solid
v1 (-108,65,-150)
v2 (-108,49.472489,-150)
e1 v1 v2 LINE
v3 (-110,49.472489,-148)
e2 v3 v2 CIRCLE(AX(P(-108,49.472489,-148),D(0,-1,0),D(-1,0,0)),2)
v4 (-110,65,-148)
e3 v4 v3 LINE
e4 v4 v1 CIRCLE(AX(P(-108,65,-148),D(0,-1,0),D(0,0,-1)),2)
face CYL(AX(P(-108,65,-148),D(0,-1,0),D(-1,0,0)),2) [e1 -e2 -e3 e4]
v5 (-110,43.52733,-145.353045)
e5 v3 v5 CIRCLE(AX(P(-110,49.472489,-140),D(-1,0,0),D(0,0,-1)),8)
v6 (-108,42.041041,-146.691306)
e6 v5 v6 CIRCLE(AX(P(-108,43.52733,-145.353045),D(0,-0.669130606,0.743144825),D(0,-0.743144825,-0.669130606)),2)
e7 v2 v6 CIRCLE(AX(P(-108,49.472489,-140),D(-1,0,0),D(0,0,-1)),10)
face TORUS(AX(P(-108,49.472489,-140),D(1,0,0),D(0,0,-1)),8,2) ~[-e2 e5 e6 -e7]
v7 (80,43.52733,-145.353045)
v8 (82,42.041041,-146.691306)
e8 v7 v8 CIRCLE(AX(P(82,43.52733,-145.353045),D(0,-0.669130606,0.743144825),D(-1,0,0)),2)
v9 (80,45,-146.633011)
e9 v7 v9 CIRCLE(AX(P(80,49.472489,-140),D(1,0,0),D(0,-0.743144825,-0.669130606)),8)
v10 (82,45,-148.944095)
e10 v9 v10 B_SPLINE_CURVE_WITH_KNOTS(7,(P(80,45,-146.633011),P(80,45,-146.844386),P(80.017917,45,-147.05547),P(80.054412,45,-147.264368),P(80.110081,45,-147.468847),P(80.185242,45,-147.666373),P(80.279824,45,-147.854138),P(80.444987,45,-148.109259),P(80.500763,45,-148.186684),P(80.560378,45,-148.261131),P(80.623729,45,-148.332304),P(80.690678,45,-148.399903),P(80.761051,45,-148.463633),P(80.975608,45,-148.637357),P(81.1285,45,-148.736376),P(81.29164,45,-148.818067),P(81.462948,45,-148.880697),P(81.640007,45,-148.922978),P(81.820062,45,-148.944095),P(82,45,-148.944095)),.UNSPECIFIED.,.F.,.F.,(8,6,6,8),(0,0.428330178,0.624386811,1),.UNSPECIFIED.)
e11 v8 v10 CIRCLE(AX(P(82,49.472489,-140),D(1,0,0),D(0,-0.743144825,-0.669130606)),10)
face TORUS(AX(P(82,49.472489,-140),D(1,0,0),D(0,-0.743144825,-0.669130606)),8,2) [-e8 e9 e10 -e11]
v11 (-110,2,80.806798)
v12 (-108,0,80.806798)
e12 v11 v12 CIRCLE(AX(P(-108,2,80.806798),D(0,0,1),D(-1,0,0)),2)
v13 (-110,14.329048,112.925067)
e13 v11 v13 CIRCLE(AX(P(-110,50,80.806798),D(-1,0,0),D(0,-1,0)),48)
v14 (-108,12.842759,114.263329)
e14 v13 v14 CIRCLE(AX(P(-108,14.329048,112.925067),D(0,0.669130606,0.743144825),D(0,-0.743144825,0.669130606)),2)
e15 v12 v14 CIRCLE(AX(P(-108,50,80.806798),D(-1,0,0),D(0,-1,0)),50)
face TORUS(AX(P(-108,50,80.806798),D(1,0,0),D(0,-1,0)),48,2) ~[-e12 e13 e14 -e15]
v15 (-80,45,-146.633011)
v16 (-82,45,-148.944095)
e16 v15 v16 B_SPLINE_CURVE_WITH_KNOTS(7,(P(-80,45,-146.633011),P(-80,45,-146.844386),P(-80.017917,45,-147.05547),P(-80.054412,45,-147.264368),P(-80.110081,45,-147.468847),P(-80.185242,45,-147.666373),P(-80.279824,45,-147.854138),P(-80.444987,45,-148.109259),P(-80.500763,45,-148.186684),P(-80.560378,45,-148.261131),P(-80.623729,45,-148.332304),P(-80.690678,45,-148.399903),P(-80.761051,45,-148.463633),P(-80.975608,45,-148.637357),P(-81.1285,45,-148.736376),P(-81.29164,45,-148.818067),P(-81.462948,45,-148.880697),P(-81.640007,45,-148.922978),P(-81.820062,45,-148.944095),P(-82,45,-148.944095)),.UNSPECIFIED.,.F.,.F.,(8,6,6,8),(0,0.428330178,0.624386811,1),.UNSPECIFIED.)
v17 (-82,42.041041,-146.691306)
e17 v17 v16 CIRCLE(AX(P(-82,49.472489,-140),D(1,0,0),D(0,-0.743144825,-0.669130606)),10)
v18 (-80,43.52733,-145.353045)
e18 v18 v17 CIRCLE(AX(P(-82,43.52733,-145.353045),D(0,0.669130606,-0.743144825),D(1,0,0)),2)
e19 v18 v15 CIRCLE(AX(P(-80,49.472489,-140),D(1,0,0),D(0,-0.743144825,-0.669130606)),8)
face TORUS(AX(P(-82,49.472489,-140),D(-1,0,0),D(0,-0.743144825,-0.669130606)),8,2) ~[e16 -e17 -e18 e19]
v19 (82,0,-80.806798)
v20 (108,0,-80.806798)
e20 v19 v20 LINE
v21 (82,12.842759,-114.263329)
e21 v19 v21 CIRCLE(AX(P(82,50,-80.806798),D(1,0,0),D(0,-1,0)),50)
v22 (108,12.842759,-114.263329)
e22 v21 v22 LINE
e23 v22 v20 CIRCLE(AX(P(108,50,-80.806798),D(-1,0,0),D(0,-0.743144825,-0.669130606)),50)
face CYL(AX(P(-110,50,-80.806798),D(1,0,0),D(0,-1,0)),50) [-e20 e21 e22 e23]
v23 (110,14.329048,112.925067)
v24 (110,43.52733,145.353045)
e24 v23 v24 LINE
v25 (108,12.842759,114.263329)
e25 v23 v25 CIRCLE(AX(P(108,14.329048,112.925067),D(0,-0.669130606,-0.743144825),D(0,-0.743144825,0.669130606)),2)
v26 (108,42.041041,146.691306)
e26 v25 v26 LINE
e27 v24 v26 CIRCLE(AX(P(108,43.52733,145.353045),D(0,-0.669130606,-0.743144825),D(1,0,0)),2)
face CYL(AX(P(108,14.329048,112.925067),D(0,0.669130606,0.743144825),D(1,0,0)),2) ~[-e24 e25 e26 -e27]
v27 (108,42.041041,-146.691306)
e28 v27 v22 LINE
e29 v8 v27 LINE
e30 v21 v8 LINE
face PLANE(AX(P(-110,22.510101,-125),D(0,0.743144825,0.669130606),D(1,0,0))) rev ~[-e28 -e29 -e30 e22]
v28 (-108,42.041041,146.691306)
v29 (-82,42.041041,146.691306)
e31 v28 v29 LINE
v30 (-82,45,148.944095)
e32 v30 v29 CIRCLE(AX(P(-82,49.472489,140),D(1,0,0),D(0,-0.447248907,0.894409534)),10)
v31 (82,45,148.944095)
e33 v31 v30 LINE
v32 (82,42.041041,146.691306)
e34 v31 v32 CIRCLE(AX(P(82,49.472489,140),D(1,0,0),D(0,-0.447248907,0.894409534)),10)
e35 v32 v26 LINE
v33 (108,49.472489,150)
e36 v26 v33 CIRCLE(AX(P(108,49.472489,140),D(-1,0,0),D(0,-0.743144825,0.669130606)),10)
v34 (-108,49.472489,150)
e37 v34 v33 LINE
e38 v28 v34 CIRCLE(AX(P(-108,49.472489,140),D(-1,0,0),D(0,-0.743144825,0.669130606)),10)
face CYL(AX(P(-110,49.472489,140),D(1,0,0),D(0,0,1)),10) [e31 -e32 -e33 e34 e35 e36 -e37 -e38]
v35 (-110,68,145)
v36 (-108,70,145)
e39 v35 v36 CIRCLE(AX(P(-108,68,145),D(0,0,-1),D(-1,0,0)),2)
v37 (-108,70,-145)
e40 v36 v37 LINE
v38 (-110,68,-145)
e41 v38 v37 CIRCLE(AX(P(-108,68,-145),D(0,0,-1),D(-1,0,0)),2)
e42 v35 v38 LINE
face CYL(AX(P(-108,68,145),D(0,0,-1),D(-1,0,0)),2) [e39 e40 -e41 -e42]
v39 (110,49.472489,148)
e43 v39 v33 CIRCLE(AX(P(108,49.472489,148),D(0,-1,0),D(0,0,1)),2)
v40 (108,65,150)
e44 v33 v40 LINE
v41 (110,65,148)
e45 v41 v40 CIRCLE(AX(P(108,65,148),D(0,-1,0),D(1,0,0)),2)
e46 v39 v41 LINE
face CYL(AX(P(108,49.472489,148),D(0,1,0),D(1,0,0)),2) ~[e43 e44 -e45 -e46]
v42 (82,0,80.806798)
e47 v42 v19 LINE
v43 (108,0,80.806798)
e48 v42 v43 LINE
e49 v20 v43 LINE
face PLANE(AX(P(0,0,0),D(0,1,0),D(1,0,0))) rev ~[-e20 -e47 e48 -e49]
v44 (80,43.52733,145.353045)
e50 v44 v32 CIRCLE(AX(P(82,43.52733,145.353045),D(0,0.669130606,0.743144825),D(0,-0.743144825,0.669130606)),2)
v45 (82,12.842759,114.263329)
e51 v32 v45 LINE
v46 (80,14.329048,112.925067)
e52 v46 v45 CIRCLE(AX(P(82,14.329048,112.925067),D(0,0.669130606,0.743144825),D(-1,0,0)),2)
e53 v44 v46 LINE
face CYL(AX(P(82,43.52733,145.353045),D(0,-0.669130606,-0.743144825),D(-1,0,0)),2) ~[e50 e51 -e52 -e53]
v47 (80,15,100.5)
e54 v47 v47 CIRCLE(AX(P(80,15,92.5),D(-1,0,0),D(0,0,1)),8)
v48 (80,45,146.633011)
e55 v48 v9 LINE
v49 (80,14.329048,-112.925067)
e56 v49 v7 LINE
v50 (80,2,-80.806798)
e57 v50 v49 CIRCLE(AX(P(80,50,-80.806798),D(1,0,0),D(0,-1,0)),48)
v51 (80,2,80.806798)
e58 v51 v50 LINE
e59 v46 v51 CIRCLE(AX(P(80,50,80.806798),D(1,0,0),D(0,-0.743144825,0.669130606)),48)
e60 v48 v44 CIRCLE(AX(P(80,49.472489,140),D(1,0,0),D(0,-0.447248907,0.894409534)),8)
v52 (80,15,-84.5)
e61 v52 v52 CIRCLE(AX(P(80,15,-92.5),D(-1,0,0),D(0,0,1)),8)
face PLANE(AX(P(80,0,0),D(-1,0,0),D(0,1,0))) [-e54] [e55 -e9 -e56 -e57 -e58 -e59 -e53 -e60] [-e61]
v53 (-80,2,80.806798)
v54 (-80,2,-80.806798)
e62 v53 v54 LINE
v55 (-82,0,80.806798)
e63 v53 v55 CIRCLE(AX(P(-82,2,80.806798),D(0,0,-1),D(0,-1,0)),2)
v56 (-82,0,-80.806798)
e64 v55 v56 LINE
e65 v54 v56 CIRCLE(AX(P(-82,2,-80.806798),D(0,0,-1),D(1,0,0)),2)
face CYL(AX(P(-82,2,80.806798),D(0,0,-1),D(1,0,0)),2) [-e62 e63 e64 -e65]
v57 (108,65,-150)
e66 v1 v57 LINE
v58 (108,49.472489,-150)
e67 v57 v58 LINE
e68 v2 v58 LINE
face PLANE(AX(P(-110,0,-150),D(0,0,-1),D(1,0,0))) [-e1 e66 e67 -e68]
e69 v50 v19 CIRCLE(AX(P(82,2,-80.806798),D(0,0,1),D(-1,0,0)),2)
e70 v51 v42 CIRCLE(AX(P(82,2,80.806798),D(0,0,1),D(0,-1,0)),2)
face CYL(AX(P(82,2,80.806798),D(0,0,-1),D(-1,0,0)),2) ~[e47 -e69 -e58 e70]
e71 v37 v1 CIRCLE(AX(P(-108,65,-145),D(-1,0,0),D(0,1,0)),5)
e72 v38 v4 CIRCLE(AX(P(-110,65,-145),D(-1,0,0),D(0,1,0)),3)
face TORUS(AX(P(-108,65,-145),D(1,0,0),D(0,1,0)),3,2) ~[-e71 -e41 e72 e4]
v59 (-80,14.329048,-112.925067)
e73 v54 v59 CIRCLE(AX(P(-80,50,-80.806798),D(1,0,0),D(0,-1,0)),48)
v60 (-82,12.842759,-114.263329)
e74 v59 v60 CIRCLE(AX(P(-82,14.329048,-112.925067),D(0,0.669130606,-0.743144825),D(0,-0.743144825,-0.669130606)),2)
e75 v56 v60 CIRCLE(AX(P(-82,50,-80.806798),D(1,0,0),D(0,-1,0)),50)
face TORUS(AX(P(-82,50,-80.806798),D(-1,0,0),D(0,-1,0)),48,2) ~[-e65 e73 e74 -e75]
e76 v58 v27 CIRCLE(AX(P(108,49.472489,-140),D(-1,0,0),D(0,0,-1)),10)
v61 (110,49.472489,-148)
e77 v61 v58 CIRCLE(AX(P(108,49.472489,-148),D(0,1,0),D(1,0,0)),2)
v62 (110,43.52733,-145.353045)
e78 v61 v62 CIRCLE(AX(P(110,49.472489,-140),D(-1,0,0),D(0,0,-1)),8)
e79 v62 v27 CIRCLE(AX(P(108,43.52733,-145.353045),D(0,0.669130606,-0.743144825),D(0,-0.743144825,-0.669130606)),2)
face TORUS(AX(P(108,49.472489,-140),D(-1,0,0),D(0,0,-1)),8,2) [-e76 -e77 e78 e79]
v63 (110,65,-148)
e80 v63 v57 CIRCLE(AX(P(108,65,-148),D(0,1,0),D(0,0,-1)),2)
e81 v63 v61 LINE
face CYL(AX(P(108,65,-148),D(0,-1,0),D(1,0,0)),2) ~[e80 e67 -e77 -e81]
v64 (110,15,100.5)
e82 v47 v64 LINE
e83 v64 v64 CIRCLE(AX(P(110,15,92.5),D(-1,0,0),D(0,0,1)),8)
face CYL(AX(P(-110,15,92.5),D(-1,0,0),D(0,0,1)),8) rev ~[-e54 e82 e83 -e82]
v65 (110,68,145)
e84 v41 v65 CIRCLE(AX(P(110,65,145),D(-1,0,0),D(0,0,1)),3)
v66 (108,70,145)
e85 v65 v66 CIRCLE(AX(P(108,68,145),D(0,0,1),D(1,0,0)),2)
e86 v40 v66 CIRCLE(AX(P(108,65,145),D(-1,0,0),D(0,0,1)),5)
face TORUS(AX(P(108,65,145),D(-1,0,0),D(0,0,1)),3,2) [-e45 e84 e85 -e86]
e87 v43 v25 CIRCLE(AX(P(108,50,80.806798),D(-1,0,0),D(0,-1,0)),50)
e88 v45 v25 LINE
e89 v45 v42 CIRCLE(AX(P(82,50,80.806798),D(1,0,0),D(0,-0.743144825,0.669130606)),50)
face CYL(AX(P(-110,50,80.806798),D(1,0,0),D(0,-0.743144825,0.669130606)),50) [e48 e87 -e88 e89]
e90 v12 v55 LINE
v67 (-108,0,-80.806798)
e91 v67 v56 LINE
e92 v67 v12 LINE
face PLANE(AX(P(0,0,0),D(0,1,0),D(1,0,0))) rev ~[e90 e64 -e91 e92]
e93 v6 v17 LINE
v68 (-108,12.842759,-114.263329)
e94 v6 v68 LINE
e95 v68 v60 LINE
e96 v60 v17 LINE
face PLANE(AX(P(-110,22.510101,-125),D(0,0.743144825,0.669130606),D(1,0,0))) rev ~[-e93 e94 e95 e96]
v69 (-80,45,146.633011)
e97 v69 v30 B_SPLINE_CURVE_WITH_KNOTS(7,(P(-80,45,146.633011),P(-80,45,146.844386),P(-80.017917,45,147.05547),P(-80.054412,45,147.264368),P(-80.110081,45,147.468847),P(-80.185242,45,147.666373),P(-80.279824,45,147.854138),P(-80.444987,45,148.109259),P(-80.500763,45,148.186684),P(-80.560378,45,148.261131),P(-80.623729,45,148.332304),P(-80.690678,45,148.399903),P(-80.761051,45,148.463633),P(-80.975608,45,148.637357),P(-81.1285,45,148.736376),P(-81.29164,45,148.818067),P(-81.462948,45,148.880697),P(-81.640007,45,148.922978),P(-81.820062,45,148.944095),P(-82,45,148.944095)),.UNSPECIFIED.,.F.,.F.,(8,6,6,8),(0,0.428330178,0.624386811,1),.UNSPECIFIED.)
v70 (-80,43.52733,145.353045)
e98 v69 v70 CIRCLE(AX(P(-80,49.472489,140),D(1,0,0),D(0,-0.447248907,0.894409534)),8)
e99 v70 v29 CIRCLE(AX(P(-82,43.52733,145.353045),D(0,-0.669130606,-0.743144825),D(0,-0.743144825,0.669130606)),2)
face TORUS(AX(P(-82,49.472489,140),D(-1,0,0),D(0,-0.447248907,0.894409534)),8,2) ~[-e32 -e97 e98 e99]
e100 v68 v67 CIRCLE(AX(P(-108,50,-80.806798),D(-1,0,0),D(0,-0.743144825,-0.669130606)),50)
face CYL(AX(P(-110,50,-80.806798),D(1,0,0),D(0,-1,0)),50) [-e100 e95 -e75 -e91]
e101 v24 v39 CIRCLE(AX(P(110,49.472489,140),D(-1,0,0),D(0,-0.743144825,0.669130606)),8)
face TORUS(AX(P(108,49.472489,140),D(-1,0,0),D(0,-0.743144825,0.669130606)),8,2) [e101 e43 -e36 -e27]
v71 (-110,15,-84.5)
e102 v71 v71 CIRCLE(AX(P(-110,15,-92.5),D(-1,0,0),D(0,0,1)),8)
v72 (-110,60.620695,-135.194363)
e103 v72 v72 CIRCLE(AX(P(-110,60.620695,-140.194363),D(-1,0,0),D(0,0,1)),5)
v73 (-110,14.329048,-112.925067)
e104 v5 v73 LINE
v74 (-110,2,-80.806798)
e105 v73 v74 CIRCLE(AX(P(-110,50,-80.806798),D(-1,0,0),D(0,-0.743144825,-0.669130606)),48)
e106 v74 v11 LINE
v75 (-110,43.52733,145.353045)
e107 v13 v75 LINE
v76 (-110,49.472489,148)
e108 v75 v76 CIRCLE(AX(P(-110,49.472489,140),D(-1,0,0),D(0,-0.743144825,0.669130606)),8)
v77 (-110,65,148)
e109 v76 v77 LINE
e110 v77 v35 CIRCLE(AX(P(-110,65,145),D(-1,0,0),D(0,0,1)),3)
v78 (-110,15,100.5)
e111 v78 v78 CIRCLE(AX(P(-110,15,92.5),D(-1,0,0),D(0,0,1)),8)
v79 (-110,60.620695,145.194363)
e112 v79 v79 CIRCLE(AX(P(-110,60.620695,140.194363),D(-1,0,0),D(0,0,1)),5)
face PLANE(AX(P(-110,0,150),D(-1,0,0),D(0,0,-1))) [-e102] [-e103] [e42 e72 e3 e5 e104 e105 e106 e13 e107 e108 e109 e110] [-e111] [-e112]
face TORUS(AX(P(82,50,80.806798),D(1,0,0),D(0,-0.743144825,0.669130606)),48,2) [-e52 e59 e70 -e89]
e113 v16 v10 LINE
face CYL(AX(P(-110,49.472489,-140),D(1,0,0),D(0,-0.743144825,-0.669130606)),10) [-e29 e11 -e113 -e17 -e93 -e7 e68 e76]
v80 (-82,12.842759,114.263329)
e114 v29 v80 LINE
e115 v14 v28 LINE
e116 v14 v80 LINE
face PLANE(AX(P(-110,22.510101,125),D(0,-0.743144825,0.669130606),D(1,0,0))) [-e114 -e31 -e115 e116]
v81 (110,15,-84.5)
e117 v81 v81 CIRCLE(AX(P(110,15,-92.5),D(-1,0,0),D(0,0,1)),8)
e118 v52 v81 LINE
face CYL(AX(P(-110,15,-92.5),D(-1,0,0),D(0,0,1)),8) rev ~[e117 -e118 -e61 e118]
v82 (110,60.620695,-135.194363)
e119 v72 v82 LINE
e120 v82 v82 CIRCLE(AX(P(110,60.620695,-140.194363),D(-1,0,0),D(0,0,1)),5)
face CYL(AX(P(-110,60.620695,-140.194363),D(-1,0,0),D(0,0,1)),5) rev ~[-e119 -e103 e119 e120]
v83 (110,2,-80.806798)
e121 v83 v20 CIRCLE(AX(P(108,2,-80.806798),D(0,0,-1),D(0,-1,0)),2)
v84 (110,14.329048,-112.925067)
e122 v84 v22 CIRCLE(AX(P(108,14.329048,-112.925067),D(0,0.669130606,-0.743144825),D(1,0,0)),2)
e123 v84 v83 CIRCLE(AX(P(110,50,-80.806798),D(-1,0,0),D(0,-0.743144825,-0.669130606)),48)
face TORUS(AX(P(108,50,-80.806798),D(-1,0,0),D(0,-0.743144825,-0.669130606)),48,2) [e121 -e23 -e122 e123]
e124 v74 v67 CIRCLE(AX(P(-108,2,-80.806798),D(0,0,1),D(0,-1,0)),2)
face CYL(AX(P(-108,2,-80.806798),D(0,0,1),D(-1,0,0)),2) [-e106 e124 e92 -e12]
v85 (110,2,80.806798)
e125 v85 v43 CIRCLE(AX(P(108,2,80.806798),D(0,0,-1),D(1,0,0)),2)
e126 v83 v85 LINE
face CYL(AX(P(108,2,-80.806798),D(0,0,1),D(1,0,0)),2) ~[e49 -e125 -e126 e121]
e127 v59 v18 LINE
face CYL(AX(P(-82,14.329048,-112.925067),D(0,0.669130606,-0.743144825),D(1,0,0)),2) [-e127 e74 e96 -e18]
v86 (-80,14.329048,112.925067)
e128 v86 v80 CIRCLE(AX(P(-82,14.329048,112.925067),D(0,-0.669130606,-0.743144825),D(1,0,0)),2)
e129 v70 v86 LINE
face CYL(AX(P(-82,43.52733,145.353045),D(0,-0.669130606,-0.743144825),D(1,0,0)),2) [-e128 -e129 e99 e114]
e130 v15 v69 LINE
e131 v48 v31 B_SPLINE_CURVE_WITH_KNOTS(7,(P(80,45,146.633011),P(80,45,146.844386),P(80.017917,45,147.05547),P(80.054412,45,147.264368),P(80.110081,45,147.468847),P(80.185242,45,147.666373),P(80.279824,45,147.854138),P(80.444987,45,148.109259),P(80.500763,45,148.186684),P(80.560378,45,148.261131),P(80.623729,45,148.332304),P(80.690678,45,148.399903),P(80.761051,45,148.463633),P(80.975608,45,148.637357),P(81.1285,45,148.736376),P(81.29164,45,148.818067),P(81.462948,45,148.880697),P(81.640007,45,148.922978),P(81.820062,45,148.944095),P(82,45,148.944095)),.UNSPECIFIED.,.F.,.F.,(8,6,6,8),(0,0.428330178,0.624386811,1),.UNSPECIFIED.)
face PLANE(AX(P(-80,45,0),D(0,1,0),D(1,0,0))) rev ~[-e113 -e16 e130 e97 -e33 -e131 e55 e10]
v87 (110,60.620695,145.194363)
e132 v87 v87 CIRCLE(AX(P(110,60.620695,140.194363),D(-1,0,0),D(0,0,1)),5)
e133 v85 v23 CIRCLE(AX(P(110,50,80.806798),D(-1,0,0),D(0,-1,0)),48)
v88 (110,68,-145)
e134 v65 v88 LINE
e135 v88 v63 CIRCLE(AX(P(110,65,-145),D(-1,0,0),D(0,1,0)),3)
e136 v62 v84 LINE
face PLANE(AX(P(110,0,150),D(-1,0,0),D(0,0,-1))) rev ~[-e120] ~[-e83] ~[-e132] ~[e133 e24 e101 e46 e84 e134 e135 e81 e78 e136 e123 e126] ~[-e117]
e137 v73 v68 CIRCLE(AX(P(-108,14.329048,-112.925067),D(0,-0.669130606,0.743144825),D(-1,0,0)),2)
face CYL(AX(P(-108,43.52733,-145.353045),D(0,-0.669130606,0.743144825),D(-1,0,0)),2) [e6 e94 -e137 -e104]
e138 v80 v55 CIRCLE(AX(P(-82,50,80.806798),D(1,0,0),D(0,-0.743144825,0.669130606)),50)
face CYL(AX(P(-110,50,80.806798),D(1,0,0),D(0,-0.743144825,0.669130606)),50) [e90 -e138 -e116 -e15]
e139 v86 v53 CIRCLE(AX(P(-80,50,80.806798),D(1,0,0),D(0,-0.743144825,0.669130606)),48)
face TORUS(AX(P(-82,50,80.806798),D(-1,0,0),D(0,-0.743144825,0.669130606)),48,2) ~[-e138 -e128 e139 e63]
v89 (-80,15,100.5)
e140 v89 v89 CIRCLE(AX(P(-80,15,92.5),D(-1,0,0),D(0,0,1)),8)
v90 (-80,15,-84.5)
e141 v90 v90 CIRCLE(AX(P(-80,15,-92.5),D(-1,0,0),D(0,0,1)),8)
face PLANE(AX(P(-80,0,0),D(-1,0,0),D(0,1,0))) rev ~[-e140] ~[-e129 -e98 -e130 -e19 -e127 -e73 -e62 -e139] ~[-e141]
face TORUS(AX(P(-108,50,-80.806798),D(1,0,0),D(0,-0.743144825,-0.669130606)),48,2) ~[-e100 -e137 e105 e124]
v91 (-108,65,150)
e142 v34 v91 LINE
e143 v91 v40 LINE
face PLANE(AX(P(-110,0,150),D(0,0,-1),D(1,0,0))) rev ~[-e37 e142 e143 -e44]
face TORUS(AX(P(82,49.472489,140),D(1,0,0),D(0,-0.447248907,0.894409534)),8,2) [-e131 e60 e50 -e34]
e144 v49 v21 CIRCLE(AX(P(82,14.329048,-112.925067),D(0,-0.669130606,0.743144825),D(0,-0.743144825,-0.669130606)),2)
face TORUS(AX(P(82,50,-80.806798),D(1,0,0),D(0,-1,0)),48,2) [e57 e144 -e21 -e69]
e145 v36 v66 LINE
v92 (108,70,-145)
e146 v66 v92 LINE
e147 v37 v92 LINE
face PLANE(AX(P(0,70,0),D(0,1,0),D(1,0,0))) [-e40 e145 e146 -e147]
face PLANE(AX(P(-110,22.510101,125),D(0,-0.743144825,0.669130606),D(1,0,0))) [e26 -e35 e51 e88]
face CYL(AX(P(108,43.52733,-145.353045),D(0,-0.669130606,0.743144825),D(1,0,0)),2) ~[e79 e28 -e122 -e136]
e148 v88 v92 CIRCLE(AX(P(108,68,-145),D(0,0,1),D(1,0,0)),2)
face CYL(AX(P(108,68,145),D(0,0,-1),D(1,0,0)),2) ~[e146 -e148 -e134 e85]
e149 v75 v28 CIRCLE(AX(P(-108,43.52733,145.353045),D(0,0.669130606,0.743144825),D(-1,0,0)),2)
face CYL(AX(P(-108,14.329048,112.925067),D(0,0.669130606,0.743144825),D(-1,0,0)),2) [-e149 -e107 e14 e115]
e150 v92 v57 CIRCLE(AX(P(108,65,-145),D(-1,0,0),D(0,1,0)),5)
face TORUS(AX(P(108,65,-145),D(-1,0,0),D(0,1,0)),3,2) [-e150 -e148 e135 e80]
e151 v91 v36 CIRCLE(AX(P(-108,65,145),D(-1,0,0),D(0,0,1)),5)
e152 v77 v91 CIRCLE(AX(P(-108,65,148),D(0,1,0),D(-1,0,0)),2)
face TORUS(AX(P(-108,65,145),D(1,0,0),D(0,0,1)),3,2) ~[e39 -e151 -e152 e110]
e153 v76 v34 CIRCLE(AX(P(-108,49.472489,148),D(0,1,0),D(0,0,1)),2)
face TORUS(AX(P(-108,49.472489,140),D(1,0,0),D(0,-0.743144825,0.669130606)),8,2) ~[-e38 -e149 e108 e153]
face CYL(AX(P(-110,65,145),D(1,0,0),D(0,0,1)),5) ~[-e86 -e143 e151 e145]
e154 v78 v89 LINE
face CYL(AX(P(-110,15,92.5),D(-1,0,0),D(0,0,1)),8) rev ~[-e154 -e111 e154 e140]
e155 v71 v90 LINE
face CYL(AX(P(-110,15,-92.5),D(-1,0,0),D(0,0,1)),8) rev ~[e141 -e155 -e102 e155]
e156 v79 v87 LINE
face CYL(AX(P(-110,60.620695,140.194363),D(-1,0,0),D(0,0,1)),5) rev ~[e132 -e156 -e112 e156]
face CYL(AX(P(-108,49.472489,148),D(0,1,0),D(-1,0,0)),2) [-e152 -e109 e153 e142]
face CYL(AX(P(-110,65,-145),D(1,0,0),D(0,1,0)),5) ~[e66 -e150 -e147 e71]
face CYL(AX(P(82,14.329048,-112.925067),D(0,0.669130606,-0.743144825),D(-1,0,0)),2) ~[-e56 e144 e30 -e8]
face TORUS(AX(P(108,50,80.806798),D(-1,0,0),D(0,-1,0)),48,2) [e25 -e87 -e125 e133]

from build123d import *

# Parameters (mm, degrees)
SKETCH1_W               = 220
SKETCH1_H               = 300
BOSS_EXTRUDE1_DEPTH     = 70
SKETCH2_R               = 5
SKETCH2_R_2             = 8
CUT_EXTRUDE1_DEPTH      = 221
CHAMFER1_SIZE           = 50
CHAMFER1_SIZE2          = 45.020202215
FILLET1_R               = 5
FILLET2_R               = 10
FILLET3_R               = 50
SKETCH3_W               = 160
SKETCH3_H               = 45
CUT_EXTRUDE2_DEPTH      = 151
CUT_EXTRUDE2_DEPTH_BACK = 151
FILLET4_R               = 2
FILLET5_R               = 2


with BuildPart() as part:
    # Sketch1 → Boss-Extrude1 (new body)
    with BuildSketch(Plane(origin=(0, 0, 0), x_dir=(1, 0, 0), z_dir=(0, 1, 0))):
        Rectangle(SKETCH1_W, SKETCH1_H)
    extrude(amount=BOSS_EXTRUDE1_DEPTH)

    # Sketch2 → Cut-Extrude1 (cut, through all)
    with BuildSketch(Plane.ZY.offset(110)):
        with Locations((-140.194362572, 60.620694634)):
            Circle(SKETCH2_R)
        with Locations((-92.5, 15)):
            Circle(SKETCH2_R_2)
        with Locations((92.5, 15)):
            Circle(SKETCH2_R_2)
        with Locations((140.194362572, 60.620694634)):
            Circle(SKETCH2_R)
    extrude(amount=-CUT_EXTRUDE1_DEPTH, mode=Mode.SUBTRACT)

    # Chamfer1
    chamfer1_edges = [part.edges().sort_by_distance(p)[0] for p in [
        (0, 0, -150),
        (0, 0, 150),
    ]]
    chamfer1_side = [part.faces().sort_by_distance(p)[0] for p in [
        (0, 0, 0),
    ]]
    chamfer(chamfer1_edges, length=CHAMFER1_SIZE, length2=CHAMFER1_SIZE2, reference=chamfer1_side[0])

    # Fillet1
    fillet1_edges = [part.edges().sort_by_distance(p)[0] for p in [
        (0, 70, -150),
        (0, 70, 150),
    ]]
    fillet(fillet1_edges, radius=FILLET1_R)

    # Fillet2
    fillet2_edges = [part.edges().sort_by_distance(p)[0] for p in [
        (0, 45.020202215, 150),
        (0, 45.020202215, -150),
    ]]
    fillet(fillet2_edges, radius=FILLET2_R)

    # Fillet3
    fillet3_edges = [part.edges().sort_by_distance(p)[0] for p in [
        (0, 0, -100),
        (0, 0, 100),
    ]]
    fillet(fillet3_edges, radius=FILLET3_R)

    # Sketch3 → Cut-Extrude2 (cut, two sides)
    with BuildSketch(Plane.XY) as cut_extrude2_sk:
        with Locations((0, 22.5)):
            Rectangle(SKETCH3_W, SKETCH3_H)
    extrude(amount=CUT_EXTRUDE2_DEPTH, mode=Mode.SUBTRACT)
    extrude(cut_extrude2_sk.sketch, amount=-CUT_EXTRUDE2_DEPTH_BACK, mode=Mode.SUBTRACT)

    # Fillet4
    fillet4_edges = [part.edges().sort_by_distance(p)[0] for p in [
        (-80, 3.320978675, 98.725195725),
        (80, 3.320978675, 98.725195725),
        (80, 43.41487437, -147.956463044),
        (80, 27.44189977, -130.477317315),
        (80, 3.320978675, -98.725195725),
        (80, 27.44189977, 130.477317315),
        (80, 43.41487437, 147.956463044),
        (-80, 0, 0),
        (-80, 27.44189977, -130.477317315),
        (-80, 43.41487437, -147.956463044),
        (-80, 3.320978675, -98.725195725),
        (-80, 43.41487437, 147.956463044),
        (-80, 27.44189977, 130.477317315),
        (80, 0, 0),
    ]]
    fillet(fillet4_edges, radius=FILLET4_R)

    # Fillet5
    fillet5_edges = [part.edges().sort_by_distance(p)[0] for p in [
        (-110, 70, 0),
        (110, 70, 0),
        (-110, 57.236244534, 150),
        (-110, 57.236244534, -150),
        (-110, 68.535533906, 148.535533906),
        (-110, 68.535533906, -148.535533906),
        (110, 57.236244534, -150),
        (110, 57.236244534, 150),
        (110, 68.535533906, 148.535533906),
        (110, 68.535533906, -148.535533906),
        (-110, 27.44189977, -130.477317315),
        (-110, 45.405122637, 149.135454576),
        (-110, 45.405122637, -149.135454576),
        (110, 27.44189977, 130.477317315),
        (110, 45.405122637, 149.135454576),
        (110, 45.405122637, -149.135454576),
        (110, 0, 0),
        (-110, 0, 0),
        (110, 27.44189977, -130.477317315),
        (110, 3.320978675, 98.725195725),
        (110, 3.320978675, -98.725195725),
        (-110, 27.44189977, 130.477317315),
        (-110, 3.320978675, 98.725195725),
        (-110, 3.320978675, -98.725195725),
    ]]
    fillet(fillet5_edges, radius=FILLET5_R)


solid = part.part
